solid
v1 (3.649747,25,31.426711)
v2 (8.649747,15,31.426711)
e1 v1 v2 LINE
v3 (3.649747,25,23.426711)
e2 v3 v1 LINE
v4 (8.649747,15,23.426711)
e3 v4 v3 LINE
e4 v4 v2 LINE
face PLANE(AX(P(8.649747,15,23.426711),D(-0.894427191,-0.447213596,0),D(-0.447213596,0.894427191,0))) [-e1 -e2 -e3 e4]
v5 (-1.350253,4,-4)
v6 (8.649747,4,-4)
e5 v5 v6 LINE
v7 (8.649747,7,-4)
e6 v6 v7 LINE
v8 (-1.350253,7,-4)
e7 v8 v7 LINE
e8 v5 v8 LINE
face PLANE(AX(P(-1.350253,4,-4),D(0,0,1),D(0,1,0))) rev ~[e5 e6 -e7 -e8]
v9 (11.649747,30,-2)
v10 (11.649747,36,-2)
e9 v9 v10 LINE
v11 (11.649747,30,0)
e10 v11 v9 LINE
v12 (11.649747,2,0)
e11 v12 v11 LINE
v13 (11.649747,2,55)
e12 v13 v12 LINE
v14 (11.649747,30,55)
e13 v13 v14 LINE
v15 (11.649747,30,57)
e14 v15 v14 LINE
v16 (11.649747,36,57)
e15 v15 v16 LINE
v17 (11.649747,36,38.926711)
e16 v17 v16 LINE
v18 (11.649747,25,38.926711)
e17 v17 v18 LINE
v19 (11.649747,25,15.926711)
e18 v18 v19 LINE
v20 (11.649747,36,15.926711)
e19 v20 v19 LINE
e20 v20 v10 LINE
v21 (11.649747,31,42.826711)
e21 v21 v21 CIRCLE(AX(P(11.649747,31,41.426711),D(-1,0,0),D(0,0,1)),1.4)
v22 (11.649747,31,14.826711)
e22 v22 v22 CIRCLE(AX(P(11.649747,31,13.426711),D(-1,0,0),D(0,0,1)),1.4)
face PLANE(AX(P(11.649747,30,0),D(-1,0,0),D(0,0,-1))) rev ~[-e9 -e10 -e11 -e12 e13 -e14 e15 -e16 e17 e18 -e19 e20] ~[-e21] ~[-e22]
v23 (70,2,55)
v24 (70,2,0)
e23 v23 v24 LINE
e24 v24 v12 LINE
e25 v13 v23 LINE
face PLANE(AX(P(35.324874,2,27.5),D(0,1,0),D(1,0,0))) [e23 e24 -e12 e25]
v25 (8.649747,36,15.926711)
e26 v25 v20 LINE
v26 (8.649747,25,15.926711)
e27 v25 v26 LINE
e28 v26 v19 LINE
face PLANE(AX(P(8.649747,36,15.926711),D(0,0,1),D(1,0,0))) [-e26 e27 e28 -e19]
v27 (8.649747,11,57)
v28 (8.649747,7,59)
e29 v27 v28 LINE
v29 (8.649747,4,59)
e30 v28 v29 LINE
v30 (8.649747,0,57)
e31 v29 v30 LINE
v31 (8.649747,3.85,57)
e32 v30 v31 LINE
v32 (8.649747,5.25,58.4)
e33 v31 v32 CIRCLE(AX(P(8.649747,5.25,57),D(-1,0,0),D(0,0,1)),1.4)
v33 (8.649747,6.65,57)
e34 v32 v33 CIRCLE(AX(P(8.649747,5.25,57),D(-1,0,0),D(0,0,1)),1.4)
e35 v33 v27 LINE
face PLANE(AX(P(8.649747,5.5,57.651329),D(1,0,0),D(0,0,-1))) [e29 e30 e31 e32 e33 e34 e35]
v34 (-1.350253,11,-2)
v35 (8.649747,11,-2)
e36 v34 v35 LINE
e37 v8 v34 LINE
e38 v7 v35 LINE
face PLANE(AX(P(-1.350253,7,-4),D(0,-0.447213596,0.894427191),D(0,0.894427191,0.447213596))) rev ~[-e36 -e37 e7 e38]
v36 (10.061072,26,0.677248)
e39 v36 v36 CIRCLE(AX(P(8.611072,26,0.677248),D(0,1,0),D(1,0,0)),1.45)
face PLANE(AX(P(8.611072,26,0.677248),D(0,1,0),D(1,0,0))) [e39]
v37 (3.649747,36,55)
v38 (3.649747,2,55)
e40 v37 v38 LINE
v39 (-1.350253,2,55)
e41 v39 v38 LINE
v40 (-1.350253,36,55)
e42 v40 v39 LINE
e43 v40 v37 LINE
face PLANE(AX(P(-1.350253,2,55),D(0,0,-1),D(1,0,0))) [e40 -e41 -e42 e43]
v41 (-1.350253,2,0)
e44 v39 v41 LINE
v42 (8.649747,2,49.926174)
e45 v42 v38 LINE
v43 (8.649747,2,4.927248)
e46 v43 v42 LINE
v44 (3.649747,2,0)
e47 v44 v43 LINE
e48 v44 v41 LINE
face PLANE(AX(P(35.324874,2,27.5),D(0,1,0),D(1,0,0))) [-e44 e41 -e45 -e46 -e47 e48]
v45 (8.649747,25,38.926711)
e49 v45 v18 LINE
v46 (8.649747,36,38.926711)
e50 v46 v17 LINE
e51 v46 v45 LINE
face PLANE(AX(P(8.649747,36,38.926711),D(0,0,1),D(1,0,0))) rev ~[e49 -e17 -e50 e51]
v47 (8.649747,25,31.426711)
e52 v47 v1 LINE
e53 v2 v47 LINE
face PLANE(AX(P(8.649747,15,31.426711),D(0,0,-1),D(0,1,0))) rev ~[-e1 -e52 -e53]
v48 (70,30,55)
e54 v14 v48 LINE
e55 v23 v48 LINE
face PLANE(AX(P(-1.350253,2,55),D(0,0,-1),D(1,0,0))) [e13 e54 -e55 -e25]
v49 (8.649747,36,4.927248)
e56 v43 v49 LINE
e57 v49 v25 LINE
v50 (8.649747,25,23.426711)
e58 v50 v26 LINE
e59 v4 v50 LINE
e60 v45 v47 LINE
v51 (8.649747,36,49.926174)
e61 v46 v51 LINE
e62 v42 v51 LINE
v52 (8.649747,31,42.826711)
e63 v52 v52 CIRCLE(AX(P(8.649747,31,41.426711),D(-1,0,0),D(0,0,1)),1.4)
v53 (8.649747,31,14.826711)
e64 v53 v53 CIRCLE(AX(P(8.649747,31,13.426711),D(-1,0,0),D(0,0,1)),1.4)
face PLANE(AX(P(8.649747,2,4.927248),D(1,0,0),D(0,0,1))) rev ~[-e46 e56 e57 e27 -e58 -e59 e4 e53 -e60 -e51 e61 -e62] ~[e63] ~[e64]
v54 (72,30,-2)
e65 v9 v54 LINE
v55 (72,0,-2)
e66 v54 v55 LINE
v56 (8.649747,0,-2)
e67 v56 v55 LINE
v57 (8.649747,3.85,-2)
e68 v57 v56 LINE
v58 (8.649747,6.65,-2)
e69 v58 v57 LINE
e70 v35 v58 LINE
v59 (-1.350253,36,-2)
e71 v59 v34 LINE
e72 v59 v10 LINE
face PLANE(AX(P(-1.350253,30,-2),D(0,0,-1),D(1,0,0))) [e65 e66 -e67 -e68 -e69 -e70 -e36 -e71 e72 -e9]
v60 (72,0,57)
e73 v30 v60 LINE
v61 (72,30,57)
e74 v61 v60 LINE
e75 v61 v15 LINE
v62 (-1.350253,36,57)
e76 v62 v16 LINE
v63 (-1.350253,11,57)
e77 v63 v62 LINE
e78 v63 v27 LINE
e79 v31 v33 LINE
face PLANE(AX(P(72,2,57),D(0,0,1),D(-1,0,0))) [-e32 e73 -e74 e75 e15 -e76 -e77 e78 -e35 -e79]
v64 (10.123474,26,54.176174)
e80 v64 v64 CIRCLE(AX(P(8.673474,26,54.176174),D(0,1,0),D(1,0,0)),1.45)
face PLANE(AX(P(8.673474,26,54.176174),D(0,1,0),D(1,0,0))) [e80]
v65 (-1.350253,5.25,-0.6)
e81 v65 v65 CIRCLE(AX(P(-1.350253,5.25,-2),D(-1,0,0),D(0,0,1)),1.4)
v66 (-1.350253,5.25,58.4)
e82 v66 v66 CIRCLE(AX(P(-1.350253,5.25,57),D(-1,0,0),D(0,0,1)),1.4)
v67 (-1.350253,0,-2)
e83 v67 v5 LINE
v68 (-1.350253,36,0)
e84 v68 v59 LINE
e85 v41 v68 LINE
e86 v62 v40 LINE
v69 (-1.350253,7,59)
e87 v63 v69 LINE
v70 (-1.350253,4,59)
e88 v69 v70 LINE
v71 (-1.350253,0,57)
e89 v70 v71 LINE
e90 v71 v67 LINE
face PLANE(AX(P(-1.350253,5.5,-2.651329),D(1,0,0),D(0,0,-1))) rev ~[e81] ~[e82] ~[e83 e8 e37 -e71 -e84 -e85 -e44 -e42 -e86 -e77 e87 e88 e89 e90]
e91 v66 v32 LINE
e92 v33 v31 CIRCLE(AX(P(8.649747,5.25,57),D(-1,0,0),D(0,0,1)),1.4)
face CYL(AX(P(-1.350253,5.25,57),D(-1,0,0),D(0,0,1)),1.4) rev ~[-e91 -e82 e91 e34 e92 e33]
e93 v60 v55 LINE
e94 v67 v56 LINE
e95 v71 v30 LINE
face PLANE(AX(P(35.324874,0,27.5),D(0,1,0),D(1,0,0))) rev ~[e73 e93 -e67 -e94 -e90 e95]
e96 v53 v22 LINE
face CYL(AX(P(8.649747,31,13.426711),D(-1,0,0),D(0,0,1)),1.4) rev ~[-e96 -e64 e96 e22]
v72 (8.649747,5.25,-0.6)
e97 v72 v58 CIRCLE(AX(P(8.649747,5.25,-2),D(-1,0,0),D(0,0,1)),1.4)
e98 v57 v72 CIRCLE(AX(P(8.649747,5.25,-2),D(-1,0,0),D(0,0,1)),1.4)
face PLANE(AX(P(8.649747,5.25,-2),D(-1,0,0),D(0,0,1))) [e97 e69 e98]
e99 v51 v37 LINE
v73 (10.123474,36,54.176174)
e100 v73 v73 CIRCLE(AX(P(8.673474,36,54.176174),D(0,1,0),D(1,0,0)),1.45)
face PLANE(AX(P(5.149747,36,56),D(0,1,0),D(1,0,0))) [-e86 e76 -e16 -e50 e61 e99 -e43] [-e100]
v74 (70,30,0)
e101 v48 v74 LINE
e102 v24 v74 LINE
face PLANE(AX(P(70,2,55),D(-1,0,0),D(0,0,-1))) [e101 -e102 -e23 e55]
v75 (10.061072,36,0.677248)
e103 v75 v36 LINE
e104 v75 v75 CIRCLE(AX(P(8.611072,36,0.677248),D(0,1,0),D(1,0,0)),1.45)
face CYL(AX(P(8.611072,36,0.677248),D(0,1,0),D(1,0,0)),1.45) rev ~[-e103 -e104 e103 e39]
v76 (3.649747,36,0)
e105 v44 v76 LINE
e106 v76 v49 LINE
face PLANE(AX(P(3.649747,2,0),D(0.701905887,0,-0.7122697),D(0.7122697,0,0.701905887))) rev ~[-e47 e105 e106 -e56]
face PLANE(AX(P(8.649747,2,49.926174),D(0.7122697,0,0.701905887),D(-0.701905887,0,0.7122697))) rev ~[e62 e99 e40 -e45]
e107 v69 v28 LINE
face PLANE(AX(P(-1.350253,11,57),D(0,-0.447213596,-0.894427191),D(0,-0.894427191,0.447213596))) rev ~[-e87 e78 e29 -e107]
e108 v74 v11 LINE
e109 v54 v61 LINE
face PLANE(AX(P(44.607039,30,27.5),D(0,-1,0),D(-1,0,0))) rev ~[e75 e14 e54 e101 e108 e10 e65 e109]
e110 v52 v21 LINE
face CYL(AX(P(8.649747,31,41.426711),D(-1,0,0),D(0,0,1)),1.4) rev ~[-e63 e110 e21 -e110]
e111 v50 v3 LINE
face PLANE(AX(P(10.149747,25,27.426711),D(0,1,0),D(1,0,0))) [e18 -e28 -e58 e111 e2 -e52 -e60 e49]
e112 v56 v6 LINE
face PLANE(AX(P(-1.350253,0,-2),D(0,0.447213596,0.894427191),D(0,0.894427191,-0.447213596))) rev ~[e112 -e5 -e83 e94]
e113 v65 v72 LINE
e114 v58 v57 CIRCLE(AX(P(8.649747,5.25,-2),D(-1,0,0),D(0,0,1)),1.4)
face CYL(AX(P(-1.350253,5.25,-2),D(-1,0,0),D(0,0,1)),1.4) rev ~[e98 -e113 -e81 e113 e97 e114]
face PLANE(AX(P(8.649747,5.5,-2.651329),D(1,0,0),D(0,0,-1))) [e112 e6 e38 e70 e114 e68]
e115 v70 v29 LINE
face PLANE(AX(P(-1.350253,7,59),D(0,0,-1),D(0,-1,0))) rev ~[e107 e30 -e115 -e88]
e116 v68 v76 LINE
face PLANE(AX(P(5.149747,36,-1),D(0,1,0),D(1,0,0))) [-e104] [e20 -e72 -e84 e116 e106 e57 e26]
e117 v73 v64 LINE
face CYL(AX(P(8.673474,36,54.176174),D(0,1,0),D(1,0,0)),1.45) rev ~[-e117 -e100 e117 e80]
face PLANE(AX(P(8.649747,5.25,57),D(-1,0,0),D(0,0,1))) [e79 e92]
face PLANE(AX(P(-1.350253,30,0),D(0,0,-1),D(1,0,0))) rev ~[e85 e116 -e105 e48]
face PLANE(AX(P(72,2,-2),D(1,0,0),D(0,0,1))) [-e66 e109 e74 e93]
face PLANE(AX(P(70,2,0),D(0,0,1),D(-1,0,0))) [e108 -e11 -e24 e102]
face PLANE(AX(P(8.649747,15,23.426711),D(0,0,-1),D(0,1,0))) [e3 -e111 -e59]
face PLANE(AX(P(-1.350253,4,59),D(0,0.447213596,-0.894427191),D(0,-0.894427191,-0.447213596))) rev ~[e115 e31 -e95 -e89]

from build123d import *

# Parameters (mm, degrees)
SKETCH1_W           = 70
SKETCH1_H           = 55
BOSS_EXTRUDE1_DEPTH = 2
SKETCH2_W           = 73.35025282
SKETCH2_H           = 59
BOSS_EXTRUDE3_DEPTH = 2
BOSS_EXTRUDE4_DEPTH = 28
BOSS_EXTRUDE5_DEPTH = 34
SKETCH7_W           = 3
SKETCH7_H           = 23
CUT_EXTRUDE1_DEPTH  = 11
SKETCH9_R           = 1.4
CUT_EXTRUDE2_DEPTH  = 11
SKETCH10_W          = 8
SKETCH10_H          = 10
BOSS_EXTRUDE6_DEPTH = 5
CUT_EXTRUDE3_REACH  = 35.573
SKETCH12_W          = 13
SKETCH12_H          = 2
BOSS_EXTRUDE7_DEPTH = 6
SKETCH13_R          = 1.45
CUT_EXTRUDE4_DEPTH  = 10
BOSS_EXTRUDE8_DEPTH = 10
SKETCH15_R          = 1.4
CUT_EXTRUDE5_DEPTH  = 10


with BuildPart() as part:
    # Sketch1 → Boss-Extrude1 (new body)
    with BuildSketch(Plane(origin=(0, 0, 0), x_dir=(1, 0, 0), z_dir=(0, 1, 0))):
        with Locations((35, -27.5)):
            Rectangle(SKETCH1_W, SKETCH1_H)
    extrude(amount=BOSS_EXTRUDE1_DEPTH)

    # Sketch2 → Boss-Extrude3 (add)
    with BuildSketch(Plane(origin=(0, 0, 0), x_dir=(1, 0, 0), z_dir=(0, 1, 0))):
        with Locations((35.32487359, -27.5)):
            Rectangle(SKETCH2_W, SKETCH2_H)
    extrude(amount=BOSS_EXTRUDE3_DEPTH)

    # Sketch3 → Boss-Extrude4 (add)
    with BuildSketch(Plane(origin=(0, 2, 0), x_dir=(1, 0, 0), z_dir=(0, 1, 0))):
        Polygon((-1.35025282, 2), (72, 2), (72, -57), (-1.35025282, -57), (-1.35025282, -55), (70, -55), (70, 0), (-1.35025282, 0), align=None)
    extrude(amount=BOSS_EXTRUDE4_DEPTH)

    # Sketch5 → Boss-Extrude5 (add)
    with BuildSketch(Plane(origin=(0, 2, 0), x_dir=(1, 0, 0), z_dir=(0, 1, 0))):
        Polygon((11.64974718, 0), (8.64974718, 0), (8.64974718, -4.927247976), (8.64974718, -49.926173774), (8.64974718, -55), (11.64974718, -55), align=None)
        Polygon((8.64974718, -4.927247976), (8.64974718, 0), (3.64974718, 0), align=None)
        Polygon((8.64974718, -55), (8.64974718, -49.926173774), (3.64974718, -55), align=None)
    extrude(amount=BOSS_EXTRUDE5_DEPTH)

    # Sketch7 → Cut-Extrude1 (cut)
    with BuildSketch(Plane(origin=(0, 36, 0), x_dir=(1, 0, 0), z_dir=(0, 1, 0))):
        with Locations((10.14974718, -27.426710875)):
            Rectangle(SKETCH7_W, SKETCH7_H)
    extrude(amount=-CUT_EXTRUDE1_DEPTH, mode=Mode.SUBTRACT)

    # Sketch9 → Cut-Extrude2 (cut)
    with BuildSketch(Plane.ZY.offset(-8.64974718)):
        with Locations((13.426710875, 31)):
            Circle(SKETCH9_R)
        with Locations((41.426710875, 31)):
            Circle(SKETCH9_R)
    extrude(amount=-CUT_EXTRUDE2_DEPTH, mode=Mode.SUBTRACT)

    # Sketch10 → Boss-Extrude6 (add)
    with BuildSketch(Plane.ZY.offset(-8.64974718)):
        with Locations((27.426710875, 20)):
            Rectangle(SKETCH10_W, SKETCH10_H)
    extrude(amount=BOSS_EXTRUDE6_DEPTH)

    # Sketch11 → Cut-Extrude3 (cut, up to next)
    with BuildSketch(Plane(origin=(0, 0, 23.426710875), x_dir=(-1, 0, 0), z_dir=(0, 0, -1)), mode=Mode.PRIVATE) as cut_extrude3_sk1:
        Polygon((-8.64974718, 15), (-3.64974718, 25), (-3.64974718, 15), align=None)
    cut_extrude3_tool1 = extrude(cut_extrude3_sk1.sketch, amount=-CUT_EXTRUDE3_REACH, mode=Mode.PRIVATE) & part.part
    add(cut_extrude3_tool1.solids().sort_by_distance((5.316414, 18.333333, 23.426711))[0], mode=Mode.SUBTRACT)

    # Sketch12 → Boss-Extrude7 (add)
    with BuildSketch(Plane(origin=(0, 30, 0), x_dir=(1, 0, 0), z_dir=(0, 1, 0))):
        with Locations((5.14974718, 1)):
            Rectangle(SKETCH12_W, SKETCH12_H)
        with Locations((5.14974718, -56)):
            Rectangle(SKETCH12_W, SKETCH12_H)
    extrude(amount=BOSS_EXTRUDE7_DEPTH)

    # Sketch13 → Cut-Extrude4 (cut)
    with BuildSketch(Plane(origin=(0, 36, 0), x_dir=(1, 0, 0), z_dir=(0, 1, 0))):
        with Locations((8.61107216, -0.677247976)):
            Circle(SKETCH13_R)
        with Locations((8.673474118, -54.176173774)):
            Circle(SKETCH13_R)
    extrude(amount=-CUT_EXTRUDE4_DEPTH, mode=Mode.SUBTRACT)

    # Sketch14 → Boss-Extrude8 (add)
    with BuildSketch(Plane.ZY.offset(1.35025282)):
        Polygon((-2, 0), (-4, 4), (-4, 7), (-2, 11), align=None)
        Polygon((57, 0), (57, 11), (59, 7), (59, 4), align=None)
    extrude(amount=-BOSS_EXTRUDE8_DEPTH)

    # Sketch15 → Cut-Extrude5 (cut)
    with BuildSketch(Plane.ZY.offset(1.35025282)):
        with Locations((-2, 5.25)):
            Circle(SKETCH15_R)
        with Locations((57, 5.25)):
            Circle(SKETCH15_R)
    extrude(amount=-CUT_EXTRUDE5_DEPTH, mode=Mode.SUBTRACT)


solid = part.part
